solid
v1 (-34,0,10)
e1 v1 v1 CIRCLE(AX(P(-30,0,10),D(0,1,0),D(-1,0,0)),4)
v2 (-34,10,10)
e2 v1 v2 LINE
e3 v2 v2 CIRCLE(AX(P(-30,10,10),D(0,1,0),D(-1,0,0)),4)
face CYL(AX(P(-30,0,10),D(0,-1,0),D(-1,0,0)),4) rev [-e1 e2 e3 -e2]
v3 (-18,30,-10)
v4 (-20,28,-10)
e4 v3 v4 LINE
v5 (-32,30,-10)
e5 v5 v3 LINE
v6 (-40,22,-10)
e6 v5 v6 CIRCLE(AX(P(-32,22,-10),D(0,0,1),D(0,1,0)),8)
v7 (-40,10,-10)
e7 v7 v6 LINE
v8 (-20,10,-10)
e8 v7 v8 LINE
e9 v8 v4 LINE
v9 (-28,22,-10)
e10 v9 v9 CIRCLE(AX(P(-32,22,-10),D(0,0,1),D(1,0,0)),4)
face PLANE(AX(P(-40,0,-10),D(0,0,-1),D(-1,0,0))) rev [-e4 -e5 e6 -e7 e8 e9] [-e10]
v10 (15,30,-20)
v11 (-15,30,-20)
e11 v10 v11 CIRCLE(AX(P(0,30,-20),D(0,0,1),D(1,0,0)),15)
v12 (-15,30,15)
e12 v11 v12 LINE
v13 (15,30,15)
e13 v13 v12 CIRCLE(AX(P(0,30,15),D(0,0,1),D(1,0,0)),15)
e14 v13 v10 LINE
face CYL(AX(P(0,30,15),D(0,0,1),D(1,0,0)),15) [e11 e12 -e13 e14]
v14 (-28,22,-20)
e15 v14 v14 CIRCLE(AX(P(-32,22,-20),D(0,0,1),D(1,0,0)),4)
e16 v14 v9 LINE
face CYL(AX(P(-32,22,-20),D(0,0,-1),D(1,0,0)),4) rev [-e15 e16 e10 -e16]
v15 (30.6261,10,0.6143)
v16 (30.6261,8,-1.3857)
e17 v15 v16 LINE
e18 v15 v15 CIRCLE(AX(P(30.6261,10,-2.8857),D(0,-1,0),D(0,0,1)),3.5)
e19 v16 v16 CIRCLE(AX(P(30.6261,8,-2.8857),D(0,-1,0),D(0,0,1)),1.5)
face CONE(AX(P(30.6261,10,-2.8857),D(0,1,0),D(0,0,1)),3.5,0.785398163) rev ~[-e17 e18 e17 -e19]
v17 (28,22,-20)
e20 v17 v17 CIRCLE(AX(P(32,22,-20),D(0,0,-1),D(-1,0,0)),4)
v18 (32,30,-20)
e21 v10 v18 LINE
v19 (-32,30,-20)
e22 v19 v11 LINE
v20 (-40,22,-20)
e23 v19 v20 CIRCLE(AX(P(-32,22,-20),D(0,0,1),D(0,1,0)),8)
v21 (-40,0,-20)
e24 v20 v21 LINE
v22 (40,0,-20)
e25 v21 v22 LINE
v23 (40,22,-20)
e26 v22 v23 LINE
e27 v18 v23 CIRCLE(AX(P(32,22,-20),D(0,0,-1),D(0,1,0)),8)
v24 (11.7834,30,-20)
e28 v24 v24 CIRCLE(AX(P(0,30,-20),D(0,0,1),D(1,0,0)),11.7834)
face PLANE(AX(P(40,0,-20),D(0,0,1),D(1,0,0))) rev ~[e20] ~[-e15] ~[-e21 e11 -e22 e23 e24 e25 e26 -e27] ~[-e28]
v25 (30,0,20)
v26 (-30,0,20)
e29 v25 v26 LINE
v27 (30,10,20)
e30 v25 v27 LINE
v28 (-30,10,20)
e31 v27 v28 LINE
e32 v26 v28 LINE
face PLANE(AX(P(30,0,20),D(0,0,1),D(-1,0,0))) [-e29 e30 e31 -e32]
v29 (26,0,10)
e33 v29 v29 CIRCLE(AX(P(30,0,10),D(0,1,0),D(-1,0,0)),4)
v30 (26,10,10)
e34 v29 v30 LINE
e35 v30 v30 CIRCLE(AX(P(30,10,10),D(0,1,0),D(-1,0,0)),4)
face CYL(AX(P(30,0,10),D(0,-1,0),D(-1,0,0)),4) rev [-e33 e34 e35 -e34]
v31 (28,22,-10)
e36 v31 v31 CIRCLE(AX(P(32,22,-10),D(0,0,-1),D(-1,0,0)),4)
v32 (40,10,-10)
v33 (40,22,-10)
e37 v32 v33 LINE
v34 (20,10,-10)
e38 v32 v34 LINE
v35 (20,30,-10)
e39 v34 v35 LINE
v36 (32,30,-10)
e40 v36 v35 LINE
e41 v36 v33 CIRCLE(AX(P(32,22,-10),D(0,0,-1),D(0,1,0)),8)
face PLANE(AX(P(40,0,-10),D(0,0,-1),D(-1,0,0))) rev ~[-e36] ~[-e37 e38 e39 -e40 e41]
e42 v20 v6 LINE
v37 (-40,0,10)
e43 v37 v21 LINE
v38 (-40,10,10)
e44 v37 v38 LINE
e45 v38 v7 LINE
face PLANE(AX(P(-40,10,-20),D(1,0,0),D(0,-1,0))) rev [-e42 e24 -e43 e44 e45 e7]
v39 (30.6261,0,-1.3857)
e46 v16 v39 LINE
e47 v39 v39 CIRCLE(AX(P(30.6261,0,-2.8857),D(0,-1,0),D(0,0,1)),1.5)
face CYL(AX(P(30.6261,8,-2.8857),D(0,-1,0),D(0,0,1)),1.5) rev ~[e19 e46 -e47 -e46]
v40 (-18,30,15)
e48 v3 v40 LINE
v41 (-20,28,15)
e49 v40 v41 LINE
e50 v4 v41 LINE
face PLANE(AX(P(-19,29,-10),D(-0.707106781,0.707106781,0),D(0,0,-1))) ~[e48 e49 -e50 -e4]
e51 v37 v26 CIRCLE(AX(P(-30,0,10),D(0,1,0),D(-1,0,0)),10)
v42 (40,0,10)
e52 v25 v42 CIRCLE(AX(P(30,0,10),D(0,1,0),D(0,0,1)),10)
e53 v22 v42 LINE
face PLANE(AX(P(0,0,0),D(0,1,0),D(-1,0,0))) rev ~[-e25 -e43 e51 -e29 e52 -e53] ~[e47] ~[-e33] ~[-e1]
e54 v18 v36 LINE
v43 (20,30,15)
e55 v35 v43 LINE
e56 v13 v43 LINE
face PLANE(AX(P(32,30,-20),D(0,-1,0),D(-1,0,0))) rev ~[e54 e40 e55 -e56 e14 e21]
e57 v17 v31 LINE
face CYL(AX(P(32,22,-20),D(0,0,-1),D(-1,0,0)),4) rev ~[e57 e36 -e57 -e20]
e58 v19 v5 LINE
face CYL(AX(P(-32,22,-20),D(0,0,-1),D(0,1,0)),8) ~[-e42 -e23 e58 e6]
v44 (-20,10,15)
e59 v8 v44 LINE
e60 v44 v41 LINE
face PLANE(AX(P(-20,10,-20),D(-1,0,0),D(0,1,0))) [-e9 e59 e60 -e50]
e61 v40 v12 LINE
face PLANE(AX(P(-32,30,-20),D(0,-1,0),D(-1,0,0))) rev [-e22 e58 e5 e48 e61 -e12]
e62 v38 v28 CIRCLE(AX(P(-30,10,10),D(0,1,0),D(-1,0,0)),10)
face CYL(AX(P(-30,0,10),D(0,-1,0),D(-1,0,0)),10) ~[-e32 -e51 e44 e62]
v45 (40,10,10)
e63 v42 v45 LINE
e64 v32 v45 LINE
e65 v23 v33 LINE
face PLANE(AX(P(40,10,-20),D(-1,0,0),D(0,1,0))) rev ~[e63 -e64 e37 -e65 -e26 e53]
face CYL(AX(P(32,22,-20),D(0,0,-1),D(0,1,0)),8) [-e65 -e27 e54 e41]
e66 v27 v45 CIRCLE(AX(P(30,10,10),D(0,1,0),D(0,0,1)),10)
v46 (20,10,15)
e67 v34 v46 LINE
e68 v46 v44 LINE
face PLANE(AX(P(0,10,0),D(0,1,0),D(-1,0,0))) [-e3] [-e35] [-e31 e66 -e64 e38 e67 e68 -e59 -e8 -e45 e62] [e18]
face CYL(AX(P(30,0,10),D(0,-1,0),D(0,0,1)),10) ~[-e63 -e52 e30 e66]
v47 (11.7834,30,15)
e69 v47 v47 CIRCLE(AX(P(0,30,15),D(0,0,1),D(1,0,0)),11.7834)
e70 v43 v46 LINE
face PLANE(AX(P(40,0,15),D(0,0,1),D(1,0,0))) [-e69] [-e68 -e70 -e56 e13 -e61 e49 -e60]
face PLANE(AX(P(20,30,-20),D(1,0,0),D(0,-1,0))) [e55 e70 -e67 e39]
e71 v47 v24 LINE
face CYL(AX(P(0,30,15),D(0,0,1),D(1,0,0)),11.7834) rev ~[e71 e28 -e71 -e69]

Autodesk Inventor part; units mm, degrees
ref_plane "YZ Plane" through (0, 0, 0) normal (1, 0, 0) x (0, 1, 0)
ref_plane "XZ Plane" through (0, 0, 0) normal (0, 1, 0) x (-1, 0, 0)
ref_plane "XY Plane" through (0, 0, 0) normal (0, 0, 1) x (1, 0, 0)
sketch "Sketch1" plane through (0, 0, 0) normal (0, 1, 0) x (-1, 0, 0)
  line L0 (40, 10) -> (40, -20)
  line L1 (40, -20) -> (-40, -20)
  line L2 (-40, -20) -> (-40, 10)
  line L3 (-30, 20) -> (30, 20)
  line L4 (40, 20) -> (-40, -20) construction
  line L5 (40, -20) -> (-40, 20) construction
  arc A0 (40, 10) -> (30, 20) centre (30, 10) ccw
  arc A1 (-30, 20) -> (-40, 10) centre (-30, 10) ccw
  circle A2 centre (30, 10) radius 4
  circle A3 centre (-30, 10) radius 4
  point P0 (0, 0)
  dimension "d0" = 40
  dimension "d1" = 80
  dimension "d2" = 20
  dimension "d3" = 20
  dimension "d4" = 8
  dimension "d5" = 8
extrude "Extrusion1" add sketch "Sketch1" along normal blind 10
sketch "Sketch2" plane through (40, 0, -20) normal (0, 0, -1) x (-1, 0, 0)
  line L0 (70, 10) -> (10, 10) projected
  line L1 (40, 10) -> (60, 10)
  line L2 (40, 10) -> (20, 10)
  line L3 (60, 10) -> (60, 30)
  line L4 (60, 30) -> (20, 30)
  line L5 (20, 30) -> (20, 10)
  point P0 (40, 0)
  dimension "d8" = 20
  dimension "d9" = 20
  dimension "d10" = 20
extrude "Extrusion2" add sketch "Sketch2" against normal blind 35
sketch "Sketch3" plane through (40, 0, 15) normal (0, 0, 1) x (1, 0, 0)
  line L0 (-20, 30) -> (-60, 30) projected
  circle A0 centre (-40, 30) radius 15
  point P0 (-40, 0)
  dimension "d13" = 30
extrude "Extrusion3" cut sketch "Sketch3" against normal blind 35
sketch "Sketch4" plane through (40, 0, -20) normal (0, 0, -1) x (-1, 0, 0)
  line L0 (20, 10) -> (20, 30) projected
  line L1 (20, 30) -> (8.1955, 30)
  circle A0 centre (8, 22) radius 4
  line L2 (0, 10) -> (20, 10) projected
  line L3 (0, 10) -> (20, 10)
  line L4 (20, 10) -> (20, 30)
  line L5 (0, 10) -> (0, 22)
  line L6 (8, 30) -> (8.1955, 30)
  arc A1 (8, 30) -> (0, 22) centre (8, 22) ccw
  point P0 (40, 0)
  dimension "d17" = 8
  dimension "d18" = 16
extrude "Extrusion4" add sketch "Sketch4" against normal blind 10
mirror "Mirror1" about plane through (0, 0, 0) normal (1, 0, 0) of "Extrusion4"
chamfer "Chamfer1" distance 2 angle 45 1 edges at (-20, 30, 2.5)
sketch "Sketch5" plane through (40, 0, 15) normal (0, 0, 1) x (1, 0, 0)
  circle A0 centre (-40, 30) radius 15
  point P0 (-40, 0)
  point P1 (-25, 30)
extrude "Extrusion5" add sketch "Sketch5" against normal up to surface (35 mm away)
sketch "Sketch6" plane through (40, 0, 15) normal (0, 0, 1) x (1, 0, 0)
  arc A0 (-25, 30) -> (-55, 30) centre (-40, 30) ccw projected
  circle A1 centre (-40, 30) radius 11.7834
  point P0 (-40, 0)
extrude "Extrusion6" cut sketch "Sketch6" against normal through all
thread "Thread1" size "M30x3.5" class "6H" standard "ANSI Metric M Profile" full length
hole "Hole1" at (30.6261, 10, -2.8857) direction (0, -1, 0) diameter 3 end through all countersink diameter 7 countersink angle 90
